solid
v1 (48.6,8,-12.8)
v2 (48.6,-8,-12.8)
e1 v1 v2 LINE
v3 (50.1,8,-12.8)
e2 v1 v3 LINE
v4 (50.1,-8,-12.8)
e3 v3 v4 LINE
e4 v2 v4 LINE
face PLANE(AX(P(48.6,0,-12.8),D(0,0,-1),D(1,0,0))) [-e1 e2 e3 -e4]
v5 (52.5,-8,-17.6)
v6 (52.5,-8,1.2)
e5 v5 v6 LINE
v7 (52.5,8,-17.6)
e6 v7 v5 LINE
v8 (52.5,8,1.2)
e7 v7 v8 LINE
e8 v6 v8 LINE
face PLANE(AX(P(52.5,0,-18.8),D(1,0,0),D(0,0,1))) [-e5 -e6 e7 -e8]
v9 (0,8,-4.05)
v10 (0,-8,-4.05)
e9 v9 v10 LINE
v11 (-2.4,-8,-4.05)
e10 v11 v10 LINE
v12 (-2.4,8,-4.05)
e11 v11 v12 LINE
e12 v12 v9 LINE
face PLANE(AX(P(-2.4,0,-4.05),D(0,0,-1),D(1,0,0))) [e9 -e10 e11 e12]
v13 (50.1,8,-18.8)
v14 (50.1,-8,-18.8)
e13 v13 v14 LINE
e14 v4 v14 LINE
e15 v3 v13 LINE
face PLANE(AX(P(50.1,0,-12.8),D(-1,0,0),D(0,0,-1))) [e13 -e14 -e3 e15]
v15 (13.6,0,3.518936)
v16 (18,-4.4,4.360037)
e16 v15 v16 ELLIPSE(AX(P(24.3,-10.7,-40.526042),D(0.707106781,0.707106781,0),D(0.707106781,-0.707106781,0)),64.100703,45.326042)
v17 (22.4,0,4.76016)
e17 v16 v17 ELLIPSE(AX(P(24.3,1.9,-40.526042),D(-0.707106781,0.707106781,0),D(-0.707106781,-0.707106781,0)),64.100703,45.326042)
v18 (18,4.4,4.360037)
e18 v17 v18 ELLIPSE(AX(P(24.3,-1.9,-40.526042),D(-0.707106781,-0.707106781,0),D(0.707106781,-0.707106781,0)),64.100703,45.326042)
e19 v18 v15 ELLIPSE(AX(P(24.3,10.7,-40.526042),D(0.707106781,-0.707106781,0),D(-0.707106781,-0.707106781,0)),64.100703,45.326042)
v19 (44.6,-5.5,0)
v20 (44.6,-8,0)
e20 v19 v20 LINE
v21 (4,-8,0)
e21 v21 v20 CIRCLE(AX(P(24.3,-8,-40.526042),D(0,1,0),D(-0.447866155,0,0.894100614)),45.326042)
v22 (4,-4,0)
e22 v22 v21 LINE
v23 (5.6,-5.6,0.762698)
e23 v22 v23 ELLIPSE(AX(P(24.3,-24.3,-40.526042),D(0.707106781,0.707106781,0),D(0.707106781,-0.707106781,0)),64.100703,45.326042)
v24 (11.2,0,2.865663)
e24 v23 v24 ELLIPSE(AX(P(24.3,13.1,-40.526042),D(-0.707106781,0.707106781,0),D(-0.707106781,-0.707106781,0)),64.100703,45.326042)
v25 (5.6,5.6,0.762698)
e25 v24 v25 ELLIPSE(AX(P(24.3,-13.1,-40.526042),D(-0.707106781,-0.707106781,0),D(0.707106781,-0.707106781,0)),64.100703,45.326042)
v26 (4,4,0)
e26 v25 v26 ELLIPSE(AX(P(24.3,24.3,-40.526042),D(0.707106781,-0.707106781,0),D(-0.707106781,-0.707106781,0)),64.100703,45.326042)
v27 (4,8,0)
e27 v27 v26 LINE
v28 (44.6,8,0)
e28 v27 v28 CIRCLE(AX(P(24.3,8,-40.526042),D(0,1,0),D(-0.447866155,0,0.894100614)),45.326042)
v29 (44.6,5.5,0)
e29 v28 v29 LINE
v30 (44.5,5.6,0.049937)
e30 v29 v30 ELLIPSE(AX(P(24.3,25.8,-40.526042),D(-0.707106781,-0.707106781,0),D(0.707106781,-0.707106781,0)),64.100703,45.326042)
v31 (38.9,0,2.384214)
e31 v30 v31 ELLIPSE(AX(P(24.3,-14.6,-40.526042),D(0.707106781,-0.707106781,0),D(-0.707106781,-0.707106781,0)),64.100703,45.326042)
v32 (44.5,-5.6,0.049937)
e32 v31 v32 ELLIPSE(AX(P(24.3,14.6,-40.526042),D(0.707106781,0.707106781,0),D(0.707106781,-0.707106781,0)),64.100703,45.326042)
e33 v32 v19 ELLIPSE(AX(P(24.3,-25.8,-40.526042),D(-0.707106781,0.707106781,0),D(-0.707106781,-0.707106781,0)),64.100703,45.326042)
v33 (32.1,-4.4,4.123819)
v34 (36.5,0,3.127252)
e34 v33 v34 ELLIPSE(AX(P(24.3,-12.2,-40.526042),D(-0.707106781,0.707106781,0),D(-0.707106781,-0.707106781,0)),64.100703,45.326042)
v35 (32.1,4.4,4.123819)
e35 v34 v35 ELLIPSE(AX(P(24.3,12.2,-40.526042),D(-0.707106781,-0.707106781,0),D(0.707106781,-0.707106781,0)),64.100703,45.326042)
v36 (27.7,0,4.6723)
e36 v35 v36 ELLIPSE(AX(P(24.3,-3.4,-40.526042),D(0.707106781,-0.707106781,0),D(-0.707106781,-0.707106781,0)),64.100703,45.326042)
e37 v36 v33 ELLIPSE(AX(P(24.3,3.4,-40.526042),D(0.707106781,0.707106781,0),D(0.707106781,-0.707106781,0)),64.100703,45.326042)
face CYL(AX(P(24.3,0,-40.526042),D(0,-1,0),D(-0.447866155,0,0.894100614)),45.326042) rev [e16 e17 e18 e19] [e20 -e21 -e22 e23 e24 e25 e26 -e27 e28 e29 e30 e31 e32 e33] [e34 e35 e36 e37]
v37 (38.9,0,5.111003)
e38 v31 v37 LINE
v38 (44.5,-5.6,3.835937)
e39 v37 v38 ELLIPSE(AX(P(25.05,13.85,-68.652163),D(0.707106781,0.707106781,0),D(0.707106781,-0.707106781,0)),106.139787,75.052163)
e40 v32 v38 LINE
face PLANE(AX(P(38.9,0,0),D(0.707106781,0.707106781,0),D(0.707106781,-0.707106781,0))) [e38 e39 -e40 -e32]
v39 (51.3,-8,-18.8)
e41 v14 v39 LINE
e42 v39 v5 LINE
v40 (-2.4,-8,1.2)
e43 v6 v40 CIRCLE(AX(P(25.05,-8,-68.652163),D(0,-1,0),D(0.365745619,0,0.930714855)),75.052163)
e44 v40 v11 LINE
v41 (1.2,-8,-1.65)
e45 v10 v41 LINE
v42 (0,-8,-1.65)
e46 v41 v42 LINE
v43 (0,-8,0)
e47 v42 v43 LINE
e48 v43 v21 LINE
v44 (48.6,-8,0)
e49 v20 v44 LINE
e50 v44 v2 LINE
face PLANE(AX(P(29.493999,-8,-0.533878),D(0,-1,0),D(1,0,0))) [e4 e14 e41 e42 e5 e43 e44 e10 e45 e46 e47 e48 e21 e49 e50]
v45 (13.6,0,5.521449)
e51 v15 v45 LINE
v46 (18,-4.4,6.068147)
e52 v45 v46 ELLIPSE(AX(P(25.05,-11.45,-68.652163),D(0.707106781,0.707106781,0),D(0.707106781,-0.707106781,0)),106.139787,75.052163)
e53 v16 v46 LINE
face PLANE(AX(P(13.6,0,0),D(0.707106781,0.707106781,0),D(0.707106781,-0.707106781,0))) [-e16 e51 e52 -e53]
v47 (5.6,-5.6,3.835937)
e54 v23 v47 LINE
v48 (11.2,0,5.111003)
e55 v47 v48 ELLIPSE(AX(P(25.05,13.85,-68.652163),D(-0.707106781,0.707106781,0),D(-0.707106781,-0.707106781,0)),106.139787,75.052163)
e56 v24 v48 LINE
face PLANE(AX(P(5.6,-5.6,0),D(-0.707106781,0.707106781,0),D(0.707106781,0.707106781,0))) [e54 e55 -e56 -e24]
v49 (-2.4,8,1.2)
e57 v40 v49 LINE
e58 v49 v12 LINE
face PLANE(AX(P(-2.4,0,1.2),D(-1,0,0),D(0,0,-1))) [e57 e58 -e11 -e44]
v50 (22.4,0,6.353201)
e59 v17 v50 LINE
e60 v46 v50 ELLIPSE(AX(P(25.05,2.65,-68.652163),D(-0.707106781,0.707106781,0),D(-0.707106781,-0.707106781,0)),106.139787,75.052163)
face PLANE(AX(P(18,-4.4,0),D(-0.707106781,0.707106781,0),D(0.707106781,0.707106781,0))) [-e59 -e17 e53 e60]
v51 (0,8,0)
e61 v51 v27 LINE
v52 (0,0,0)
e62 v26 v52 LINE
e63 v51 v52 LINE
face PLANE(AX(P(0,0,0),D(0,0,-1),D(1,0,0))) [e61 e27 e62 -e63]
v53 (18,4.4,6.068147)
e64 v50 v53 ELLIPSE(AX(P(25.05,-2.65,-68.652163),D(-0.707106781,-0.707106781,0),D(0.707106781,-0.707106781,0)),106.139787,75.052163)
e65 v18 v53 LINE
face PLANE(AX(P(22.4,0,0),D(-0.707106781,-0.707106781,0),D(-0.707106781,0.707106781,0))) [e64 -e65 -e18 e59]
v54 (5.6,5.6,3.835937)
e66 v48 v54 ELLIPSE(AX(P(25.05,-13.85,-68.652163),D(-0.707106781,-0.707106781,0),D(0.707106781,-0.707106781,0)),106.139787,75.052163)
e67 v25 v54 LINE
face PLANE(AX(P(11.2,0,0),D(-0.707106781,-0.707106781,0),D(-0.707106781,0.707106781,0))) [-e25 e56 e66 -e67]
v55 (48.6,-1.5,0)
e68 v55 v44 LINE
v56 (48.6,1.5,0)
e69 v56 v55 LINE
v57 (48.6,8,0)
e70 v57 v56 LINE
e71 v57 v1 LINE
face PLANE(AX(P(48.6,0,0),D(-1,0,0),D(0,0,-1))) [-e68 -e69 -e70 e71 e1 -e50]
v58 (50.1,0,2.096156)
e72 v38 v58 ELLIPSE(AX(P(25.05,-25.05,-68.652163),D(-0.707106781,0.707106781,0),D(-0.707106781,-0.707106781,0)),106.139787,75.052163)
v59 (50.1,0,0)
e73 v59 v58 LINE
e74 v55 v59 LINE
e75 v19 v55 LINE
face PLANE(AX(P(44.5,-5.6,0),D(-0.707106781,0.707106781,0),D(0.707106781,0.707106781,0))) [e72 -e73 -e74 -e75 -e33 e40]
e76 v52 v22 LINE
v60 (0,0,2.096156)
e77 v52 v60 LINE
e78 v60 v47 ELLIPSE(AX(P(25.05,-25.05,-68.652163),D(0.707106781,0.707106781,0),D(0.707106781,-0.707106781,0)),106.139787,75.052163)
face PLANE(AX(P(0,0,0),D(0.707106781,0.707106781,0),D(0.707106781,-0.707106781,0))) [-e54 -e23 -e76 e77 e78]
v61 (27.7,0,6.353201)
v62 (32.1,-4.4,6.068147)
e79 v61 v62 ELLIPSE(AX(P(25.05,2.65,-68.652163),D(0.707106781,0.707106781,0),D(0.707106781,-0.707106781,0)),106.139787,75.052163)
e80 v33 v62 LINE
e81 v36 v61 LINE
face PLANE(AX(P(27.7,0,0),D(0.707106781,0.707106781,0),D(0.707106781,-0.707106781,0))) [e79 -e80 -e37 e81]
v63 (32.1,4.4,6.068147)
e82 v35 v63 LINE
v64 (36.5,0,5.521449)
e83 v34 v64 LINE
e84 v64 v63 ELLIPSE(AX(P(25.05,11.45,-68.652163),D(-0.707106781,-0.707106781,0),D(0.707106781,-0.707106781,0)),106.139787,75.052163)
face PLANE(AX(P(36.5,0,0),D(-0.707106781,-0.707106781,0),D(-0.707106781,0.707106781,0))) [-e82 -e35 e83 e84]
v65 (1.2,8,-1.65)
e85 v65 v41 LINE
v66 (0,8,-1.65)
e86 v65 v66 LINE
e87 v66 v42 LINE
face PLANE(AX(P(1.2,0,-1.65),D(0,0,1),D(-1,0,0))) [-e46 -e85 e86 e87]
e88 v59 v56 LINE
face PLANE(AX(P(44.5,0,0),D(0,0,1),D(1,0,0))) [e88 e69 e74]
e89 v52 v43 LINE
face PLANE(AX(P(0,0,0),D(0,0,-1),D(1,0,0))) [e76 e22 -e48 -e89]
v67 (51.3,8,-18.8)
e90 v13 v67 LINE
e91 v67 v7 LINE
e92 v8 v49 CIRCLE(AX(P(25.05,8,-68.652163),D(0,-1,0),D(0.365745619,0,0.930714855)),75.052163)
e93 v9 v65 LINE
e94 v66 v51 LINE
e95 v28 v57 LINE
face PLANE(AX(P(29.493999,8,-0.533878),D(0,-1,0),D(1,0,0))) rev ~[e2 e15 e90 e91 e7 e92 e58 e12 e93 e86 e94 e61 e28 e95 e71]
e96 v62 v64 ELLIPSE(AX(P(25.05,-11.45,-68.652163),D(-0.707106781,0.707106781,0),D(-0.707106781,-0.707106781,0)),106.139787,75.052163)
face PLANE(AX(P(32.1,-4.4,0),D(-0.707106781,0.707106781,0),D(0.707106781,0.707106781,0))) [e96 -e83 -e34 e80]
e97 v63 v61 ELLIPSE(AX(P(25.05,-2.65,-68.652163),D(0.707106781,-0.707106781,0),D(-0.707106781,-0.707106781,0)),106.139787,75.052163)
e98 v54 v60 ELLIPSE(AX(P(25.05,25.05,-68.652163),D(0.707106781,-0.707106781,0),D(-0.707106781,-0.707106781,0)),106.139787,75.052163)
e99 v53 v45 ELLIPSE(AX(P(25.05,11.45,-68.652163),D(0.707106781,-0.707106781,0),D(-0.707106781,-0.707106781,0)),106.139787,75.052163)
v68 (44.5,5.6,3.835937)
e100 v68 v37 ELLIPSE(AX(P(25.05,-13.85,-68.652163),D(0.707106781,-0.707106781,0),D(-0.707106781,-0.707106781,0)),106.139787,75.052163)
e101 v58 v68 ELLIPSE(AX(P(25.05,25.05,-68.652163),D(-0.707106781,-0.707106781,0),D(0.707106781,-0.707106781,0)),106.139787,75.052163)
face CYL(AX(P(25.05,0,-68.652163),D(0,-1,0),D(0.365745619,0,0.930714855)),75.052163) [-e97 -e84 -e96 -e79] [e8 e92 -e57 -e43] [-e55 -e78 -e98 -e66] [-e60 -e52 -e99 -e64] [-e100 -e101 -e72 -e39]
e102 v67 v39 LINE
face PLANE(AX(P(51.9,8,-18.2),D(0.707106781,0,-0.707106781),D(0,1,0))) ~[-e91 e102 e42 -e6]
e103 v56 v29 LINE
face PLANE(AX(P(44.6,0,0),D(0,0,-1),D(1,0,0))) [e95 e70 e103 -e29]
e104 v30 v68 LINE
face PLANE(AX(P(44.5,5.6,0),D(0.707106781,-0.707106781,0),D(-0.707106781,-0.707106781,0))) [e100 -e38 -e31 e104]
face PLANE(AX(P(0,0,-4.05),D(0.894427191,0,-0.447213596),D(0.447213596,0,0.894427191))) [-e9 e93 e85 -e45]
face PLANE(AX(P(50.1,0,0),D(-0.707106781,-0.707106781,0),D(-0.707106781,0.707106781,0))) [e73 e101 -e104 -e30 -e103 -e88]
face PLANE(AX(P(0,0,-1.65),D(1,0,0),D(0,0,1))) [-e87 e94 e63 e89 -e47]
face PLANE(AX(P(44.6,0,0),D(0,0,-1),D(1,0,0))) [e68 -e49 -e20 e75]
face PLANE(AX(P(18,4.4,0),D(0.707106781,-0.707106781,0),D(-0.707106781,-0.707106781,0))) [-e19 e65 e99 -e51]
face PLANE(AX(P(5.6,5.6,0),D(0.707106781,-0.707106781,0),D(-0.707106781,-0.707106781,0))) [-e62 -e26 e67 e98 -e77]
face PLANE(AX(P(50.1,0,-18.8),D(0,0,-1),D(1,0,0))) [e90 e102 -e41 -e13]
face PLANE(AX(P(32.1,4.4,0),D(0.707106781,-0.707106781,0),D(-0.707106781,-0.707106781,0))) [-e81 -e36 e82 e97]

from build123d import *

# Parameters (mm, degrees)
F2_DEPTH = 8
F4_DEPTH = 6.401
F5_SIZE  = 1.2


with BuildPart() as f2:
    # F1 (on Front) → F2 (new body, symmetric)
    with BuildSketch(Plane.XZ):
        with BuildLine():
            Line((-2.4, -4.05), (0, -4.05))
            Line((0, -4.05), (1.2, -1.65))
            Line((1.2, -1.65), (0, -1.65))
            Line((0, -1.65), (0, 0))
            Line((0, 0), (4, 0))
            ThreePointArc((4, 0), (24.3, 4.8), (44.6, 0))
            Line((44.6, 0), (48.6, 0))
            Line((48.6, 0), (48.6, -12.8))
            Line((48.6, -12.8), (50.1, -12.8))
            Line((50.1, -12.8), (50.1, -18.8))
            Line((50.1, -18.8), (52.5, -18.8))
            Line((52.5, -18.8), (52.5, 1.2))
            ThreePointArc((52.5, 1.2), (25.05, 6.4), (-2.4, 1.2))
            Line((-2.4, 1.2), (-2.4, -4.05))
        make_face()
    extrude(amount=F2_DEPTH, both=True)

    # F3 (on Top) → F4 (cut, through all)
    with BuildSketch(Plane.XY):
        Polygon((5.6, 5.6), (0, 0), (5.6, -5.6), (11.2, 0), align=None)
        Polygon((44.5, 5.6), (38.9, 0), (44.5, -5.6), (50.1, 0), align=None)
        Polygon((36.5, 0), (32.1, 4.4), (27.7, 0), (32.1, -4.4), align=None)
        Polygon((22.4, 0), (18, 4.4), (13.6, 0), (18, -4.4), align=None)
    extrude(amount=F4_DEPTH, mode=Mode.SUBTRACT)

    # F5
    f5_edges = [f2.edges().sort_by_distance(p)[0] for p in [
        (52.5, 0, -18.8),
    ]]
    chamfer(f5_edges, length=F5_SIZE)


solid = f2.part
